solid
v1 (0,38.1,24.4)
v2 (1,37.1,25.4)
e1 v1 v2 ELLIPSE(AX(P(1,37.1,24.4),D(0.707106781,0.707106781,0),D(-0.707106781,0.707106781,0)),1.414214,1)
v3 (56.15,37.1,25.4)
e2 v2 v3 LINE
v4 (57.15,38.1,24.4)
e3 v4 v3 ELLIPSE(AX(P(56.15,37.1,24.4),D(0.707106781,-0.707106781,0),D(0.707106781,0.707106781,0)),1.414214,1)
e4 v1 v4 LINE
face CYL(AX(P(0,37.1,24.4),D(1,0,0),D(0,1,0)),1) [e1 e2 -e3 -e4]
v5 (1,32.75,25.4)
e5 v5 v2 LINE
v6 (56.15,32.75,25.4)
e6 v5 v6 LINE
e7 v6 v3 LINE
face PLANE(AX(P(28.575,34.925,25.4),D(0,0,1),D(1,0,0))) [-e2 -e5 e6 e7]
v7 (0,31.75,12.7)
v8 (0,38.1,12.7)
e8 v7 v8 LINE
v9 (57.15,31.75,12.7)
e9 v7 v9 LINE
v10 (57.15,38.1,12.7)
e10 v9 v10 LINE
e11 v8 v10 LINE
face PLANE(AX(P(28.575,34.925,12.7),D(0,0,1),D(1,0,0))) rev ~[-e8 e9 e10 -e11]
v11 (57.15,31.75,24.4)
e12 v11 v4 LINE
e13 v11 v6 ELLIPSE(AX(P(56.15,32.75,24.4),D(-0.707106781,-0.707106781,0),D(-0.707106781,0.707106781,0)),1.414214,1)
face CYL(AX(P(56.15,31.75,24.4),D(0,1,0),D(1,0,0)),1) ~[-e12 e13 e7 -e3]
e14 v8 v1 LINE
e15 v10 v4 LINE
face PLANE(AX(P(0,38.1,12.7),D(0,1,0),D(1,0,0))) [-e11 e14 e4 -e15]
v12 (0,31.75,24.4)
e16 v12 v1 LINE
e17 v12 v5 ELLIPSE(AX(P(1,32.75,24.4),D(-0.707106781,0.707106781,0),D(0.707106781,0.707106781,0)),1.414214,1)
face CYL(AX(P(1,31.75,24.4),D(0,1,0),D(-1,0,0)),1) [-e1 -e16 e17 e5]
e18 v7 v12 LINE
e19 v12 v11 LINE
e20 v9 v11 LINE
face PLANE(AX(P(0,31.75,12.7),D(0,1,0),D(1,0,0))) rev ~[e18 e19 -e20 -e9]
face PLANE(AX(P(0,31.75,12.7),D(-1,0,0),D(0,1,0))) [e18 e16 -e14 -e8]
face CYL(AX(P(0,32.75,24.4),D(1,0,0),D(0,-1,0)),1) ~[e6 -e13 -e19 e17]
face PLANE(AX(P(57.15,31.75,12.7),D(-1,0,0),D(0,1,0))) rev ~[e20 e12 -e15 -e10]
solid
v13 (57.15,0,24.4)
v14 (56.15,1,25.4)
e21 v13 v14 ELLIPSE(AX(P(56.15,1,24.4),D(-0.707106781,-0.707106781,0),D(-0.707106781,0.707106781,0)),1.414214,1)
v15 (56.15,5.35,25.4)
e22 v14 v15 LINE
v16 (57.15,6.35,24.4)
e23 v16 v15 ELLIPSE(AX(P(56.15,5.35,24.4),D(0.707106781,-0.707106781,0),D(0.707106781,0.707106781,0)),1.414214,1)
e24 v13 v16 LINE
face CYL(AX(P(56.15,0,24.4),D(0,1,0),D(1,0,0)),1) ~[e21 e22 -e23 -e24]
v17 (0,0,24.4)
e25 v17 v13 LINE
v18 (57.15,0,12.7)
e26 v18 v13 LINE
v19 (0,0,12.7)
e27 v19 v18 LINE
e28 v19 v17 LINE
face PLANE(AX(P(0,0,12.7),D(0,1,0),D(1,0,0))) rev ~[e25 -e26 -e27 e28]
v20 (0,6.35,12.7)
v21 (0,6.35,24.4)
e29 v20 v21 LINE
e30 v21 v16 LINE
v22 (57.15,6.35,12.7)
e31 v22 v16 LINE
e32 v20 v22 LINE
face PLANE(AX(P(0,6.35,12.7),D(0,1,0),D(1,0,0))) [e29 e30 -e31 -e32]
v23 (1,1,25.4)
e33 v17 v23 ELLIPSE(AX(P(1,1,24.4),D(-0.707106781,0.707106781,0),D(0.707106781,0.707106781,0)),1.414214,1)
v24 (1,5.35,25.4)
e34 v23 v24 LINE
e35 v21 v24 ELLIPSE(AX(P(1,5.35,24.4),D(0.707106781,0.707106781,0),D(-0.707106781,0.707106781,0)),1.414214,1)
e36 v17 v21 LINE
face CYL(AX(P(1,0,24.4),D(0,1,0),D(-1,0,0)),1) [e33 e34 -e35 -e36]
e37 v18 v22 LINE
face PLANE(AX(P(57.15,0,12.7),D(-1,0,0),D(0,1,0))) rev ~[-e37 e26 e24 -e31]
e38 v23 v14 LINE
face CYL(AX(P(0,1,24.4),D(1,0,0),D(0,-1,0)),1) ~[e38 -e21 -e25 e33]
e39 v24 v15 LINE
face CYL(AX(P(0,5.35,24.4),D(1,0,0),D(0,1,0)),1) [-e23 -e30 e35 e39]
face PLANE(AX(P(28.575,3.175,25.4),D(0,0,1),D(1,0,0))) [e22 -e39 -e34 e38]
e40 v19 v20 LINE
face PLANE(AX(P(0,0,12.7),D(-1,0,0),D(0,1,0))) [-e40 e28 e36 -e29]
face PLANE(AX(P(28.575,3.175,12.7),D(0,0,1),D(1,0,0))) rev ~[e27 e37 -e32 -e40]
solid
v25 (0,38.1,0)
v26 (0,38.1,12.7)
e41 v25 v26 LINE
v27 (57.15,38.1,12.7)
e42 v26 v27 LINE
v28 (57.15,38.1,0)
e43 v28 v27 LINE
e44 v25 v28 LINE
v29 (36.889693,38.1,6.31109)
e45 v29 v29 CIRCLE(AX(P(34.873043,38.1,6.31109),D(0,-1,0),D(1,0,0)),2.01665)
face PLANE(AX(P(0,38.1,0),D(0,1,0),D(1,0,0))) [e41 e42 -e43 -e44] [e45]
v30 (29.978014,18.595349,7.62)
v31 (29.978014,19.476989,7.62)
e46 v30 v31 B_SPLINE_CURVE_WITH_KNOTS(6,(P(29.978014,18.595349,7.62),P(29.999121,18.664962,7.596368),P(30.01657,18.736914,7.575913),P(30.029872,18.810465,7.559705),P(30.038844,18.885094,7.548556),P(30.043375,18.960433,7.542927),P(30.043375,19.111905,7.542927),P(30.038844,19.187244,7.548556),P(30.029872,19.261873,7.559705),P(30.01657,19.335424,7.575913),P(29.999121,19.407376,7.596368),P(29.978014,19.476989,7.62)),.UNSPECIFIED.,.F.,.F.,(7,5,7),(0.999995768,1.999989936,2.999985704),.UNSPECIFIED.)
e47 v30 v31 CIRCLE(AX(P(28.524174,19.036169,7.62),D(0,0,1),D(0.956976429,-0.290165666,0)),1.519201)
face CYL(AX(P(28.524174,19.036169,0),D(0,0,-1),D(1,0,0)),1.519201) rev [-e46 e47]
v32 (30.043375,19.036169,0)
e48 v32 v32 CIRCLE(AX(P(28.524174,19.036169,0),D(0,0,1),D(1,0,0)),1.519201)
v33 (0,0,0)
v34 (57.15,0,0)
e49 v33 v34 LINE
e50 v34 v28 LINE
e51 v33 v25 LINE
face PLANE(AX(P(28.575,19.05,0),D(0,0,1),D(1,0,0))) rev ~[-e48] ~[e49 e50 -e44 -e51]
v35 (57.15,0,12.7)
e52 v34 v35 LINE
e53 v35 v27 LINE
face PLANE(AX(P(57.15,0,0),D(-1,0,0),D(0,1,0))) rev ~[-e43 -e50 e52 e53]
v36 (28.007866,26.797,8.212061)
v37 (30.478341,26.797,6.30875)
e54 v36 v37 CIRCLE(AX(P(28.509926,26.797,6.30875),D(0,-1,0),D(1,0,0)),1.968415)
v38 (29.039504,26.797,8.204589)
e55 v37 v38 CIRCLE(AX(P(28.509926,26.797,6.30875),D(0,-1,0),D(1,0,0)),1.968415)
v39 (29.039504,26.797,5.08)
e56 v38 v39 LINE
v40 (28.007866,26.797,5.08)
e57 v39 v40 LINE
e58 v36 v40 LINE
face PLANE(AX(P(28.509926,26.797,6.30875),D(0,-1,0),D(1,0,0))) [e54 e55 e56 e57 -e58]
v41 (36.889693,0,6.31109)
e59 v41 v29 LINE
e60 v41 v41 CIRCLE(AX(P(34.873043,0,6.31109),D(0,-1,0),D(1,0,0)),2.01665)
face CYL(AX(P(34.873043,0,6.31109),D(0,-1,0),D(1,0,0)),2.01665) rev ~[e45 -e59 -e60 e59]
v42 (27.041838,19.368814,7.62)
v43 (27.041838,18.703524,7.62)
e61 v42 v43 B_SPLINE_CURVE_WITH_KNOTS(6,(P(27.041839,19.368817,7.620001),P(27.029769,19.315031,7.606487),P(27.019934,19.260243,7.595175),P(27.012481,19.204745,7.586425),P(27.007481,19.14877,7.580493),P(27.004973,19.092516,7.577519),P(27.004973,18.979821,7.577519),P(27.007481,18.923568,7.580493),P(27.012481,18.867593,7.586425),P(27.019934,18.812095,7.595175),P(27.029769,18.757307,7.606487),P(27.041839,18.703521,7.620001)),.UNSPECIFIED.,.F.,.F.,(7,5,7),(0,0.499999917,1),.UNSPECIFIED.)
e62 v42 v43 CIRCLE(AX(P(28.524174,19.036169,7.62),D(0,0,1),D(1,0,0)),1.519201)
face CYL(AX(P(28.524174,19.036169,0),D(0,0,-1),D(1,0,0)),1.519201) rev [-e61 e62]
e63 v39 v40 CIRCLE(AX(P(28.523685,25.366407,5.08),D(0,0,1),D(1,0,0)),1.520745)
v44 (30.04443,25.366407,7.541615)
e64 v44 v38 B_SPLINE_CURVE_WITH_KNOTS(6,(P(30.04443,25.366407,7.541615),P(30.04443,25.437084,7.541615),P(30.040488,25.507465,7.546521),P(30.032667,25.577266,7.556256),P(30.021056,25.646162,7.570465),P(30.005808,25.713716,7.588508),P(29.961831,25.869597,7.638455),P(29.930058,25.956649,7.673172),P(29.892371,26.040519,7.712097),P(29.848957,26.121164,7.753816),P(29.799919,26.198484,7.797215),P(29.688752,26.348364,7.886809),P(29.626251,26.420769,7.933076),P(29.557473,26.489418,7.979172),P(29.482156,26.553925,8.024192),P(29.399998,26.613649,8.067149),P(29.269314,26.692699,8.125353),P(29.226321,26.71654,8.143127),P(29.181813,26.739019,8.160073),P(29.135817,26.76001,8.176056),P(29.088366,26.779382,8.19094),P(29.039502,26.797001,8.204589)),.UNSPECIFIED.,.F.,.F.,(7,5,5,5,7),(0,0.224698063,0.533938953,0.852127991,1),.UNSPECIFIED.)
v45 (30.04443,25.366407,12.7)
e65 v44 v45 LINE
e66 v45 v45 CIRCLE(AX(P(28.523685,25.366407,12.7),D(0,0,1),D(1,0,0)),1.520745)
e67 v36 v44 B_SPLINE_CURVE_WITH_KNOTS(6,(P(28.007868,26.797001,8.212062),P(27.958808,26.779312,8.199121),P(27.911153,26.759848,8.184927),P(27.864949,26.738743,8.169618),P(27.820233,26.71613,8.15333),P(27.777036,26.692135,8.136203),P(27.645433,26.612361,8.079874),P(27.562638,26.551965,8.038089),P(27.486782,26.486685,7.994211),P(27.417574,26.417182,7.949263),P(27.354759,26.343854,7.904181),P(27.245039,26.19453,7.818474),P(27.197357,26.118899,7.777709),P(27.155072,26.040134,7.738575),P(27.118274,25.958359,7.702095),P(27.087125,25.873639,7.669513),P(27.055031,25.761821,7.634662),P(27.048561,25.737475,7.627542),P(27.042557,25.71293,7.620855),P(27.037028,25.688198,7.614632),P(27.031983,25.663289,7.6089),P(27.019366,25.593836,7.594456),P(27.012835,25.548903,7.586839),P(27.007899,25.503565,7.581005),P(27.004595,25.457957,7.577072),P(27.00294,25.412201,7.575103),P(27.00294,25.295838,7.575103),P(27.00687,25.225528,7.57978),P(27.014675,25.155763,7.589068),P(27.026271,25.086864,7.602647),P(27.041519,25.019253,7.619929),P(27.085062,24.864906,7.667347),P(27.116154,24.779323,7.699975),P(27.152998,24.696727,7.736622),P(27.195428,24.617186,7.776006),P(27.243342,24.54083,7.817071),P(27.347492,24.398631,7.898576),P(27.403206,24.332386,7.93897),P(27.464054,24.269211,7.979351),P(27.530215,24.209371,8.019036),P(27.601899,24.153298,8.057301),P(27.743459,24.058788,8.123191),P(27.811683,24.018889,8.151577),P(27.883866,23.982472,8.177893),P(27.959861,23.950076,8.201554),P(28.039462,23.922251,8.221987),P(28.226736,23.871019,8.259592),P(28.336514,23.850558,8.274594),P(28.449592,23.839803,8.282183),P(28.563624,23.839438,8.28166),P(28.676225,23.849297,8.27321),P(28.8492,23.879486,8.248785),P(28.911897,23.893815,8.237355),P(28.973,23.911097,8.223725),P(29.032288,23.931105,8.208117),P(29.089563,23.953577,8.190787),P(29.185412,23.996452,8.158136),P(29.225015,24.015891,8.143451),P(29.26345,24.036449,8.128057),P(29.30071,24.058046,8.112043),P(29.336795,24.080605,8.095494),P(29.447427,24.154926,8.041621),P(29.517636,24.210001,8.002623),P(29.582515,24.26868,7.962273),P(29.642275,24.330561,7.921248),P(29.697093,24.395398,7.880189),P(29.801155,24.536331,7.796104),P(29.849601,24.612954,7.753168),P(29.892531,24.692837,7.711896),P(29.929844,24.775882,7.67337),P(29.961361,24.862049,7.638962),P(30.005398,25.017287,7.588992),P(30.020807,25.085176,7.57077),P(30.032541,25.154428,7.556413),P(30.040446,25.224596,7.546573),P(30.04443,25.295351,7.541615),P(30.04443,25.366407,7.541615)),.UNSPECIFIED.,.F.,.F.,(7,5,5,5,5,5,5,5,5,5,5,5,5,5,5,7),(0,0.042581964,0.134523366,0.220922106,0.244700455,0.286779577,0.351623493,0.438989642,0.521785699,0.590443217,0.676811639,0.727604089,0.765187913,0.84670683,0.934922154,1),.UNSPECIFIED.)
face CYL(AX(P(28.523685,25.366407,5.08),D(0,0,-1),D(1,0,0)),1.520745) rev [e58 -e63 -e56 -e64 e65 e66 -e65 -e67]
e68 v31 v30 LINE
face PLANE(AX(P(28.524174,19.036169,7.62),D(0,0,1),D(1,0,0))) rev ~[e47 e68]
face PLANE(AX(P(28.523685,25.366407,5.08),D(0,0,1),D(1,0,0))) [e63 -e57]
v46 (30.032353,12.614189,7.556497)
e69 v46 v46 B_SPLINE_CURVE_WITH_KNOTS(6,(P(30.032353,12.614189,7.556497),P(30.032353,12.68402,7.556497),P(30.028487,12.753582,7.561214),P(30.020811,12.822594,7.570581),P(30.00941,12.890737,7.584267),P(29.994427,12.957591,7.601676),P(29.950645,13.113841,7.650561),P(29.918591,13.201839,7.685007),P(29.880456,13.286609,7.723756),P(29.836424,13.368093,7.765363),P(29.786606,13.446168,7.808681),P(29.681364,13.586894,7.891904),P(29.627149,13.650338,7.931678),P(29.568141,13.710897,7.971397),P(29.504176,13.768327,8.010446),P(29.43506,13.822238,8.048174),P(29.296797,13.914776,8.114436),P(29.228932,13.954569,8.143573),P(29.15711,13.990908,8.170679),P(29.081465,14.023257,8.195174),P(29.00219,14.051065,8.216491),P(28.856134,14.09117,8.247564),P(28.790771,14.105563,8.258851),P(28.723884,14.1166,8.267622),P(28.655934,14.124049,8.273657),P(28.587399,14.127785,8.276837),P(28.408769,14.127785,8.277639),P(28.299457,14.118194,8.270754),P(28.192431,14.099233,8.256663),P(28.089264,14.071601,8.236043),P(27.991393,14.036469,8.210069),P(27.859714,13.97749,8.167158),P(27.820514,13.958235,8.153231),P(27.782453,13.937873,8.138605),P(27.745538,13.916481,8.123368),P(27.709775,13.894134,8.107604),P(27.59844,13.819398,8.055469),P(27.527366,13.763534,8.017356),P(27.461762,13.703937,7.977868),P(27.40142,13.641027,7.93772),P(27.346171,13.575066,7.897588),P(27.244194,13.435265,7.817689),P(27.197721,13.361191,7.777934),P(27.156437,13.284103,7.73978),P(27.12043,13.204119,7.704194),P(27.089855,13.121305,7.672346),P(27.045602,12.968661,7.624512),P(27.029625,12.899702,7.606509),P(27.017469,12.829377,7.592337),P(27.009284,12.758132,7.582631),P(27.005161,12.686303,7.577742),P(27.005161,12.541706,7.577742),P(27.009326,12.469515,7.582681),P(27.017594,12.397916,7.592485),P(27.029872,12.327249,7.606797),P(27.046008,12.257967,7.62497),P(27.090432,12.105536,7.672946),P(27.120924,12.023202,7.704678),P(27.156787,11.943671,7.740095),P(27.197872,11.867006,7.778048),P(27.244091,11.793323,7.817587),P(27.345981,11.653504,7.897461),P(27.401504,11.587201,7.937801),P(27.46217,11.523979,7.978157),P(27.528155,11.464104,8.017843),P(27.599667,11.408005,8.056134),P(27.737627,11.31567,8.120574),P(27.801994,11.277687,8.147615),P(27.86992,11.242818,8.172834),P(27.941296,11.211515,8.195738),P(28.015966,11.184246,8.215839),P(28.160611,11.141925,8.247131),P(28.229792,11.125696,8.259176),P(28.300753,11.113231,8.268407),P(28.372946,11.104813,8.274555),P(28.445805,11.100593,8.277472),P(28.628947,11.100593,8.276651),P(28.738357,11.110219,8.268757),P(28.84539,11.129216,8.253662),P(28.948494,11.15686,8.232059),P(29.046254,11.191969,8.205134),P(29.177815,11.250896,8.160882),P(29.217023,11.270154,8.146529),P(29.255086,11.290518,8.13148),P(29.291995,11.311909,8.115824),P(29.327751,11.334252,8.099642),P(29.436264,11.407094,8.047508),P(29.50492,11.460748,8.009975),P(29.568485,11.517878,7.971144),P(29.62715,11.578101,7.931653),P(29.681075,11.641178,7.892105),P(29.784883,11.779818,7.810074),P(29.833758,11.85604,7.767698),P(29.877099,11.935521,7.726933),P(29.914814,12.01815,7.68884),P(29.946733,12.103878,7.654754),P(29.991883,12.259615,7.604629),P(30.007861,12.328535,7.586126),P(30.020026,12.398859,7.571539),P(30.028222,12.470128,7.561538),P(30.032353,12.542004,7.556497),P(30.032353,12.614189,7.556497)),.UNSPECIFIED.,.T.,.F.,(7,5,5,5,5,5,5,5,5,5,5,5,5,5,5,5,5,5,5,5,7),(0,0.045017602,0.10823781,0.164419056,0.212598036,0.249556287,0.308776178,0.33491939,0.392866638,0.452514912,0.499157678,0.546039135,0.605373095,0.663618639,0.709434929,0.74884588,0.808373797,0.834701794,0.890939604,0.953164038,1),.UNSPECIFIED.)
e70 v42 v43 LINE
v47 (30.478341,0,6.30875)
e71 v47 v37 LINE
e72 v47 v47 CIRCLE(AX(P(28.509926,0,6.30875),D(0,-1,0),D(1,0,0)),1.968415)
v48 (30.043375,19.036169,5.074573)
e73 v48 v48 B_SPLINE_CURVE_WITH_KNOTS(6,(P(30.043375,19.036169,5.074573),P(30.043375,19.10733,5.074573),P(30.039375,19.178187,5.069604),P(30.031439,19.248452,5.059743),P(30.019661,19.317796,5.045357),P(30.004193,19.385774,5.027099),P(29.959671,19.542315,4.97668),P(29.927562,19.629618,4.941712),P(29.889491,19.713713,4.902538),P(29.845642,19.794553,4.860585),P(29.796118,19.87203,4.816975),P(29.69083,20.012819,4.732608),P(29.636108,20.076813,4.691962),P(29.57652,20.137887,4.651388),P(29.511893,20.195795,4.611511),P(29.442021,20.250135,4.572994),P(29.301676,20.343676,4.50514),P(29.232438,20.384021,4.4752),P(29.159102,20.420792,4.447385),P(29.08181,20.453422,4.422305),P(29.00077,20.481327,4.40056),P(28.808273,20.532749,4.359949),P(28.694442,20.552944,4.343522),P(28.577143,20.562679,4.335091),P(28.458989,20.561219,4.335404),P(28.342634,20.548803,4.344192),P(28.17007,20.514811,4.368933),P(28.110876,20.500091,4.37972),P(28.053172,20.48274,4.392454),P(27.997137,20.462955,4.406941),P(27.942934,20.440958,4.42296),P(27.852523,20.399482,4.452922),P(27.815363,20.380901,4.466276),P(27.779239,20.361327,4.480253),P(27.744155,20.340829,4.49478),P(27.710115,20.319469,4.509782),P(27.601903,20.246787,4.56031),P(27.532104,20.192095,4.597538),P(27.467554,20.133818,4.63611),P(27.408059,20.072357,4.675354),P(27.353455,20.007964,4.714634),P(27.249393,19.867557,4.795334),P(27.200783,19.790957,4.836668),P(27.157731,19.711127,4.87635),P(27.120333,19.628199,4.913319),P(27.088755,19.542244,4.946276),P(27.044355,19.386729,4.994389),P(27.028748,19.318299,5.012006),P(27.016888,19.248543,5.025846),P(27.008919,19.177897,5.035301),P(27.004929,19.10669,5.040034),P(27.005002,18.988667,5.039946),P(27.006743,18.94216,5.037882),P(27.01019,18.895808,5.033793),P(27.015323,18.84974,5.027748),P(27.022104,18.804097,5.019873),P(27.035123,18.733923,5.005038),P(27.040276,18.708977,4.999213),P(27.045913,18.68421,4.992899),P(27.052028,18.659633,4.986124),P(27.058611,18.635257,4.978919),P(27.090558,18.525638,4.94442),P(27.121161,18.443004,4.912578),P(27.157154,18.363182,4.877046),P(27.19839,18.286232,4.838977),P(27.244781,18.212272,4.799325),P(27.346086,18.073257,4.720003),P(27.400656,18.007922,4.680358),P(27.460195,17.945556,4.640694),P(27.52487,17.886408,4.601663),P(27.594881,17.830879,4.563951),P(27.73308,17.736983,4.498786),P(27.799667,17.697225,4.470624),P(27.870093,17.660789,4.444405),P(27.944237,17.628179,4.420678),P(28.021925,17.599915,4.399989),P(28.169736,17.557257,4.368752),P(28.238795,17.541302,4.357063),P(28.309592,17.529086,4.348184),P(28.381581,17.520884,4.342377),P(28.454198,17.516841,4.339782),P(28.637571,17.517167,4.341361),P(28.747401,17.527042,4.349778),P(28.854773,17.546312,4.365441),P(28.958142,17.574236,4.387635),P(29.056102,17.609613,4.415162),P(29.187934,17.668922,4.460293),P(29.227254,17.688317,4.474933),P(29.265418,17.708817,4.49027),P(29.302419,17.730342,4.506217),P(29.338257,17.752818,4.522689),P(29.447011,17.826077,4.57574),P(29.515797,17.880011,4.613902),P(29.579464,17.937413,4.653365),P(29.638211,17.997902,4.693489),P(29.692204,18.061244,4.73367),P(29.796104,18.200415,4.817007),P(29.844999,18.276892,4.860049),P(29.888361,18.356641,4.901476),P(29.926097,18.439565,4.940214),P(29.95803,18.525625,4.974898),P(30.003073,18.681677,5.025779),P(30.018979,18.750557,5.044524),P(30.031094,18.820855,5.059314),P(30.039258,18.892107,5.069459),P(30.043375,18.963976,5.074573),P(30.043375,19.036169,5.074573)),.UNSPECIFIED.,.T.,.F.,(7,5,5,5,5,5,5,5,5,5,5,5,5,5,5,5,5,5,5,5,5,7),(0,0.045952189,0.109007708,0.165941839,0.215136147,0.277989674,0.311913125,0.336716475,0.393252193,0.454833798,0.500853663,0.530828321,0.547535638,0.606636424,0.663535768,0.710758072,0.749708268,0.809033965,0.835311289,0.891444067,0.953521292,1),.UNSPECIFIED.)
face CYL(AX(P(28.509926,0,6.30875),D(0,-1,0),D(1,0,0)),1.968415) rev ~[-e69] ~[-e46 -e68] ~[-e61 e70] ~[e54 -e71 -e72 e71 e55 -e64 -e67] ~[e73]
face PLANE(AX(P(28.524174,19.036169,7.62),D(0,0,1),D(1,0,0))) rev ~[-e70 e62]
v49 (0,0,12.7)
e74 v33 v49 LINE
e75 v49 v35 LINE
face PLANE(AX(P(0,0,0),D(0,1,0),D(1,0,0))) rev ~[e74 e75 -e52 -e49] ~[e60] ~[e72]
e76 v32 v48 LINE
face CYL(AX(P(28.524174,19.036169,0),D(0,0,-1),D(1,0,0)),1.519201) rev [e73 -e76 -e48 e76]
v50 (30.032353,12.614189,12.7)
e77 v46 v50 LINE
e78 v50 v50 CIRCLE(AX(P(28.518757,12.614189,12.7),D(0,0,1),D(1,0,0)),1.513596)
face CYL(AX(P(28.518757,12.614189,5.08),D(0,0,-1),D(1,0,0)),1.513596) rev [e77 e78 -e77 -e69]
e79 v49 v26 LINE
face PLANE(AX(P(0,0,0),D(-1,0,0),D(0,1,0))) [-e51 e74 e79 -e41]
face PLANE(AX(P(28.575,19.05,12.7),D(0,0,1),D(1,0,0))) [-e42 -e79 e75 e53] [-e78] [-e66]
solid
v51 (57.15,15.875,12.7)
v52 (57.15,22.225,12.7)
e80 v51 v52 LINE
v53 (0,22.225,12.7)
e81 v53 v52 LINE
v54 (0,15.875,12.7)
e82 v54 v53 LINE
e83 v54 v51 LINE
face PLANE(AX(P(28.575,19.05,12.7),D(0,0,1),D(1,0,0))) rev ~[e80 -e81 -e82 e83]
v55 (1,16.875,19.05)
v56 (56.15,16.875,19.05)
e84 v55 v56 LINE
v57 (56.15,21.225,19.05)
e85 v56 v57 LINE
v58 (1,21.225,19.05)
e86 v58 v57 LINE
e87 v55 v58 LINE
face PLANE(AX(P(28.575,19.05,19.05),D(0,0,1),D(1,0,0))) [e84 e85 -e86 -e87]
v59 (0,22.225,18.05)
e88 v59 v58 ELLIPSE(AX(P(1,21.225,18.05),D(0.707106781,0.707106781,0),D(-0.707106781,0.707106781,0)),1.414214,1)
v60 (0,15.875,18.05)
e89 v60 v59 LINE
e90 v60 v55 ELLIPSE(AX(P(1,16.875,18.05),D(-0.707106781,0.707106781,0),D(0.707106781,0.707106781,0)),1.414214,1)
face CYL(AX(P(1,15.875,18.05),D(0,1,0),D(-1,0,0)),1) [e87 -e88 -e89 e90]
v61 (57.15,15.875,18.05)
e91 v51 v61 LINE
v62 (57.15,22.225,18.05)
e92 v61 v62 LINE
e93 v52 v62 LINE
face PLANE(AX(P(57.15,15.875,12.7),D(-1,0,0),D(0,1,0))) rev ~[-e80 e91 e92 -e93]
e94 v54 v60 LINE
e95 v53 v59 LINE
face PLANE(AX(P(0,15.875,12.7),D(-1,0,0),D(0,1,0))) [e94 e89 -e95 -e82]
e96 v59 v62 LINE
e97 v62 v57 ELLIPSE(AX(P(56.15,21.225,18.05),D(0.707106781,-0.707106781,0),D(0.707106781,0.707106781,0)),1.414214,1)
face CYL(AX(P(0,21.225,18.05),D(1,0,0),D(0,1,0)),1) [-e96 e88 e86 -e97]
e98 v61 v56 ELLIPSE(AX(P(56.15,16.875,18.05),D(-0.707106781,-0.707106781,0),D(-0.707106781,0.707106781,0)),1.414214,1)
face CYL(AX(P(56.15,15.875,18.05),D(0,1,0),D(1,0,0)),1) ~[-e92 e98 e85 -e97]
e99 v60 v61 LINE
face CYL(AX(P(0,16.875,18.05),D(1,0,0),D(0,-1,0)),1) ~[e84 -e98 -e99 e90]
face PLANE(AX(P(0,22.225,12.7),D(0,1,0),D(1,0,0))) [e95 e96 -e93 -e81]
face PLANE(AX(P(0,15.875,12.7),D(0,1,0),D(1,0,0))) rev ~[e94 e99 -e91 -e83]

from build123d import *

# Parameters (mm, degrees)
BOX001_W     = 57.15
BOX001_H     = 6.35
BOX001_DEPTH = 12.7
FILLET_R     = 1
BOX002_W     = 57.15
BOX002_H     = 6.35
BOX002_DEPTH = 12.7
FILLET001_R  = 1
BOX003_W     = 57.15
BOX003_H     = 6.35
BOX003_DEPTH = 6.35
FILLET002_R  = 1
SKETCH005_R  = 2.01665
PAD004_DEPTH = 38.1
SKETCH002_R  = 1.968415
PAD001_DEPTH = 26.797
SKETCH004_R  = 1.520745
PAD003_DEPTH = 7.62
SKETCH003_R  = 1.513596
PAD002_DEPTH = 7.62
SKETCH001_R  = 1.519201
PAD_DEPTH    = 7.62
BOX_W        = 57.15
BOX_H        = 38.1
BOX_DEPTH    = 12.7


with BuildPart() as fillet_body:
    # Box001 → Box001 (new body)
    with BuildSketch(Plane.XY.offset(12.7)):
        with Locations((28.575, 3.175)):
            Rectangle(BOX001_W, BOX001_H)
    extrude(amount=BOX001_DEPTH)

    # Fillet
    fillet_edges = [fillet_body.edges().sort_by_distance(p)[0] for p in [
        (0, 3.175, 25.4),
        (57.15, 3.175, 25.4),
        (28.575, 0, 25.4),
        (28.575, 6.35, 25.4),
    ]]
    fillet(fillet_edges, radius=FILLET_R)


with BuildPart() as fillet001:
    # Box002 → Box002 (new body)
    with BuildSketch(Plane(origin=(0, 31.75, 12.7), x_dir=(1, 0, 0), z_dir=(0, 0, 1))):
        with Locations((28.575, 3.175)):
            Rectangle(BOX002_W, BOX002_H)
    extrude(amount=BOX002_DEPTH)

    # Fillet001
    fillet001_edges = [fillet001.edges().sort_by_distance(p)[0] for p in [
        (0, 34.925, 25.4),
        (57.15, 34.925, 25.4),
        (28.575, 31.75, 25.4),
        (28.575, 38.1, 25.4),
    ]]
    fillet(fillet001_edges, radius=FILLET001_R)


with BuildPart() as fillet002:
    # Box003 → Box003 (new body)
    with BuildSketch(Plane(origin=(0, 15.875, 12.7), x_dir=(1, 0, 0), z_dir=(0, 0, 1))):
        with Locations((28.575, 3.175)):
            Rectangle(BOX003_W, BOX003_H)
    extrude(amount=BOX003_DEPTH)

    # Fillet002
    fillet002_edges = [fillet002.edges().sort_by_distance(p)[0] for p in [
        (0, 19.05, 19.05),
        (57.15, 19.05, 19.05),
        (28.575, 15.875, 19.05),
        (28.575, 22.225, 19.05),
    ]]
    fillet(fillet002_edges, radius=FILLET002_R)


with BuildPart() as pad004:
    # Sketch005 → Pad004 (new body)
    with BuildSketch(Plane.XZ):
        with Locations((34.873043, 6.31109)):
            Circle(SKETCH005_R)
    extrude(amount=-PAD004_DEPTH)


with BuildPart() as pad001:
    # Sketch002 → Pad001 (new body)
    with BuildSketch(Plane.XZ):
        with Locations((28.509926, 6.30875)):
            Circle(SKETCH002_R)
    extrude(amount=-PAD001_DEPTH)


with BuildPart() as pad003:
    # Sketch004 → Pad003 (new body)
    with BuildSketch(Plane.XY.offset(5.08)):
        with Locations((28.523685, 25.366407)):
            Circle(SKETCH004_R)
    extrude(amount=PAD003_DEPTH)


with BuildPart() as fusion:
    # Sketch003 → Pad002 (new body)
    with BuildSketch(Plane.XY.offset(5.08)):
        with Locations((28.518757, 12.614189)):
            Circle(SKETCH003_R)
    extrude(amount=PAD002_DEPTH)

    # Fusion: union Pad001, Pad003
    add(pad001.part)
    add(pad003.part)


with BuildPart() as pad:
    # Sketch001 → Pad (new body)
    with BuildSketch(Plane.XY):
        with Locations((28.524174, 19.036169)):
            Circle(SKETCH001_R)
    extrude(amount=PAD_DEPTH)


with BuildPart() as fusion001:
    # Fusion001 base: copy of Pad
    add(pad.part)

    # Fusion001: union Fusion
    add(fusion.part)


with BuildPart() as cut002:
    # Box → Box (new body)
    with BuildSketch(Plane.XY):
        with Locations((28.575, 19.05)):
            Rectangle(BOX_W, BOX_H)
    extrude(amount=BOX_DEPTH)

    # Cut: cut Pad
    add(pad.part, mode=Mode.SUBTRACT)

    # Cut001: cut Fusion001
    add(fusion001.part, mode=Mode.SUBTRACT)

    # Cut002: cut Pad004
    add(pad004.part, mode=Mode.SUBTRACT)


solid = Compound([fillet_body.part, fillet001.part, fillet002.part, cut002.part])
